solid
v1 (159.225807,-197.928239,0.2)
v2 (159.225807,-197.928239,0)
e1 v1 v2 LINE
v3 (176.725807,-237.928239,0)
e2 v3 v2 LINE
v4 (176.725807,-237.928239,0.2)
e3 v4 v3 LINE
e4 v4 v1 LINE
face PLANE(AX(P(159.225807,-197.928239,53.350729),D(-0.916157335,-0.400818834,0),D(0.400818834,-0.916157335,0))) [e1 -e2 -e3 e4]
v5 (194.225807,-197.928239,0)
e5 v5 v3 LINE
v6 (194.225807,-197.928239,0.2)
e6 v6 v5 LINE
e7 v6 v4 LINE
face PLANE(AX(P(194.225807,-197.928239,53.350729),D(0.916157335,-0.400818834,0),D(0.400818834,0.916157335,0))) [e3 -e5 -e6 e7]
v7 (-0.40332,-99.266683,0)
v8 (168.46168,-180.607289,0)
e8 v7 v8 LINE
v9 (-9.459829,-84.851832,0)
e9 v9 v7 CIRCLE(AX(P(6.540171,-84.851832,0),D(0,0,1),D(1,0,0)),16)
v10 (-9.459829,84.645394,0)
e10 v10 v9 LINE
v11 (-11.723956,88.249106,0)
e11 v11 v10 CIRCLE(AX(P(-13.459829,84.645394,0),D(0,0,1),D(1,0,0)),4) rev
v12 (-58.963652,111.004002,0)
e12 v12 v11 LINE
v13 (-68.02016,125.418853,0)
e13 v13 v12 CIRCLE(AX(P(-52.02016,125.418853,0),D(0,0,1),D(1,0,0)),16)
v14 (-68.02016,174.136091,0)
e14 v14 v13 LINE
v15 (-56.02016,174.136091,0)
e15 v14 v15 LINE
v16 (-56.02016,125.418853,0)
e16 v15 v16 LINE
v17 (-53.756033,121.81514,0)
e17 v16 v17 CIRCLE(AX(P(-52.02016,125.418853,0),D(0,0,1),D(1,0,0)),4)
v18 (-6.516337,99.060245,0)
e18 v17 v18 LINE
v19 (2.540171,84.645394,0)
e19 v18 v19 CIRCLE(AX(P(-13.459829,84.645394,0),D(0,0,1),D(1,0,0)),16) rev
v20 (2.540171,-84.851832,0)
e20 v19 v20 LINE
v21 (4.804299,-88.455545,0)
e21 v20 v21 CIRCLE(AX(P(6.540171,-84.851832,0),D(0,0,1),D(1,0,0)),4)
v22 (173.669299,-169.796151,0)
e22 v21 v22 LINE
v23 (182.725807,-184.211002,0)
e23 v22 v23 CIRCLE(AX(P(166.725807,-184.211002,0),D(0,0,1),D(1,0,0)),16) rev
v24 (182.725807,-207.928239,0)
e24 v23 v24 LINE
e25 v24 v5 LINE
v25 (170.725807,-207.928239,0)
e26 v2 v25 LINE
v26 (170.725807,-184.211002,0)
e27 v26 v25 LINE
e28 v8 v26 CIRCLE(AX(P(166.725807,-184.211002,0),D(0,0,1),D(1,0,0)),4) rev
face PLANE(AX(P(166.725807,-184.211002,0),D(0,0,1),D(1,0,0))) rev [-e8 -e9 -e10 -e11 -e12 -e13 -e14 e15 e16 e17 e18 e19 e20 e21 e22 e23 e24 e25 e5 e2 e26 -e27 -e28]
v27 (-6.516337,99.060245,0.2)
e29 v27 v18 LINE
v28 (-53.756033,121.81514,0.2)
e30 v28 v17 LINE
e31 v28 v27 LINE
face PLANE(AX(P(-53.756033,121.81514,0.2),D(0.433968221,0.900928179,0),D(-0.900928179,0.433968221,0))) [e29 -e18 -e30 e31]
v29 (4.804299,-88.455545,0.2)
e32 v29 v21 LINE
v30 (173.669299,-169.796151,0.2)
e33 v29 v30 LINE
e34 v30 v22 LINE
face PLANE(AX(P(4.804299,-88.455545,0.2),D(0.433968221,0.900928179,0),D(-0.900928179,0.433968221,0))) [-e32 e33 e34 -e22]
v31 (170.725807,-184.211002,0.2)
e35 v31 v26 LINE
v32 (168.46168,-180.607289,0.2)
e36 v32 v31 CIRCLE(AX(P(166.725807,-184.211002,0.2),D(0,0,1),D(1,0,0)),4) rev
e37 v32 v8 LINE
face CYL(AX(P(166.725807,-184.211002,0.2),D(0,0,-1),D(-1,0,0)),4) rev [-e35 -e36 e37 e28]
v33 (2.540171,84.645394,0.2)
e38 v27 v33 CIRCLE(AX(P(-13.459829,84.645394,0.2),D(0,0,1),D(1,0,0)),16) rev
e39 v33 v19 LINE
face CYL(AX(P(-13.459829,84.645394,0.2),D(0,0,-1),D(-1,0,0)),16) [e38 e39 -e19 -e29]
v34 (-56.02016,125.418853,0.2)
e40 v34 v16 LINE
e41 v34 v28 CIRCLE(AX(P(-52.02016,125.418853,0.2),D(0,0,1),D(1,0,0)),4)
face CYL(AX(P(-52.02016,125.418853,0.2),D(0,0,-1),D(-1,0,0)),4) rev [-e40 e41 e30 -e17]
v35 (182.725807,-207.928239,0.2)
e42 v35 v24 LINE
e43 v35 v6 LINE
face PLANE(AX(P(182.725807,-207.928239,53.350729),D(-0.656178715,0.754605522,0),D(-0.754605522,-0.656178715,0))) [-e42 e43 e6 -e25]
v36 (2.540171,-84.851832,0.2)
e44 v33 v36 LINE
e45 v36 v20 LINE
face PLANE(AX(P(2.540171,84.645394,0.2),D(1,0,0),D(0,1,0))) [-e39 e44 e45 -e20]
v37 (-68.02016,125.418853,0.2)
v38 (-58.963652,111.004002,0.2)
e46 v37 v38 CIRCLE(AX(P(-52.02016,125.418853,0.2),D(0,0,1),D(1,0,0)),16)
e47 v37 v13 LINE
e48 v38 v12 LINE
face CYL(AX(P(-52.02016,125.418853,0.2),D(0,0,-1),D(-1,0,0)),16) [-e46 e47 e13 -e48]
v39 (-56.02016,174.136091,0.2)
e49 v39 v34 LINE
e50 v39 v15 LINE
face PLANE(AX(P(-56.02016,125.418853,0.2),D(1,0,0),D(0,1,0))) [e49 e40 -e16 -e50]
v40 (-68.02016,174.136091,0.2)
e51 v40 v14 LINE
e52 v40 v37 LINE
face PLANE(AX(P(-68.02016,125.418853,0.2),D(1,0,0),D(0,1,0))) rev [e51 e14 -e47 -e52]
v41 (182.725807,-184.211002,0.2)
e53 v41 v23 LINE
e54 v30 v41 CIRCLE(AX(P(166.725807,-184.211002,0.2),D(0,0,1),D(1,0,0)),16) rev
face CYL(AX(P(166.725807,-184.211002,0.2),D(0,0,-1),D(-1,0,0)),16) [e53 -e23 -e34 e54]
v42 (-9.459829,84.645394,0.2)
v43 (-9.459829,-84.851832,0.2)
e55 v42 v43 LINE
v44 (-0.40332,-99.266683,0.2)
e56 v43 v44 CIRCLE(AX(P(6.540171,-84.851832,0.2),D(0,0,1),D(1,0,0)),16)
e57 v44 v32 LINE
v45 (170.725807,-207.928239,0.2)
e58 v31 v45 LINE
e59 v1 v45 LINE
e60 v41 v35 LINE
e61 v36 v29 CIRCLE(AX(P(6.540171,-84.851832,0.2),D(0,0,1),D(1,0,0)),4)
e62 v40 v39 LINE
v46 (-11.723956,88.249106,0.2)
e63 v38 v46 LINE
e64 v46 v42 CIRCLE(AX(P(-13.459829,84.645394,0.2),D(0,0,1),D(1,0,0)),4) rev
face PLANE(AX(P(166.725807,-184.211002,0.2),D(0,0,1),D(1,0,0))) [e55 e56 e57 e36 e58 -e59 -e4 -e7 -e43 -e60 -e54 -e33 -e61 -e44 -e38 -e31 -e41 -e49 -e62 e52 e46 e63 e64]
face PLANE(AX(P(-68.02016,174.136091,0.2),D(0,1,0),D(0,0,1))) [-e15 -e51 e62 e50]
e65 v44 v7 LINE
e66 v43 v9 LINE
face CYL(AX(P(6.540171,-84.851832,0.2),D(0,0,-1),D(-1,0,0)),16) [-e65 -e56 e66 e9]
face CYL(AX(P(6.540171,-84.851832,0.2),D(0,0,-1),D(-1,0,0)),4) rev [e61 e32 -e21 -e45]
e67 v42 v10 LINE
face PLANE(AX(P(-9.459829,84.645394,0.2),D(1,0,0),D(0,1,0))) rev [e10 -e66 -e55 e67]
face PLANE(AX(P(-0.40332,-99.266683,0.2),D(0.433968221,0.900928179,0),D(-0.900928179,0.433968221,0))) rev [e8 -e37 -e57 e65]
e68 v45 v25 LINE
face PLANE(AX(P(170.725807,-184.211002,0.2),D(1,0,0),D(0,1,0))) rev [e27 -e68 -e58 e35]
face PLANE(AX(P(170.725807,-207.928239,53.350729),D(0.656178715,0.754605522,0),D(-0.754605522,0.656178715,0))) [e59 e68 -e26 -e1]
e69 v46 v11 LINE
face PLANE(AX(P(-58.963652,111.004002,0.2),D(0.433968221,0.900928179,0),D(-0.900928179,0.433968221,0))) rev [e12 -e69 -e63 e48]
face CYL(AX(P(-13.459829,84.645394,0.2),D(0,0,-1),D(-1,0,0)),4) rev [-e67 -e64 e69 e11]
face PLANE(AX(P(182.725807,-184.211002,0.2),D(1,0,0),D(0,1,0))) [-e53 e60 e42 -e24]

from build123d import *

# Parameters (mm, degrees)
EXTRU_MINCE1_DEPTH = 0.2
EXTRUSION1_DEPTH   = 0.2


with BuildPart() as part:
    # Esquisse2 → Extru.-Mince1 (new body)
    with BuildSketch(Plane.XY):
        with BuildLine():
            Line((-68.020160179, 174.136090676), (-68.020160179, 125.41885319))
            ThreePointArc((-68.020160179, 125.41885319), (-65.568146462, 116.906975155), (-58.963651719, 111.004002333))
            Line((-58.963651719, 111.004002333), (-11.723955687, 88.249106497))
            ThreePointArc((-11.723955686, 88.249106497), (-10.072832001, 86.773363292), (-9.459828571, 84.645393783))
            Line((-9.459828571, 84.645393783), (-9.459828571, -84.851832415))
            ThreePointArc((-9.459828571, -84.851832415), (-7.007814854, -93.36371045), (-0.403320111, -99.266683272))
            Line((-0.403320111, -99.266683272), (168.46168003, -180.607288974))
            ThreePointArc((168.46168003, -180.607288974), (170.112803715, -182.083032179), (170.725807145, -184.211001688))
            Line((170.725807145, -184.211001688), (170.725807145, -207.928239175))
            Line((170.725807145, -207.928239175), (182.725807145, -207.928239175))
            Line((182.725807145, -207.928239175), (182.725807145, -184.211001688))
            ThreePointArc((182.725807145, -184.211001688), (180.273793427, -175.699123653), (173.669298684, -169.796150831))
            Line((173.669298684, -169.796150831), (4.804298544, -88.455545129))
            ThreePointArc((4.804298544, -88.455545129), (3.153174858, -86.979801923), (2.540171429, -84.851832415))
            Line((2.540171429, -84.851832415), (2.540171429, 84.645393783))
            ThreePointArc((2.540171429, 84.645393783), (0.088157711, 93.157271818), (-6.516337032, 99.06024464))
            Line((-6.516337032, 99.06024464), (-53.756033064, 121.815140475))
            ThreePointArc((-53.756033064, 121.815140475), (-55.40715675, 123.290883681), (-56.020160179, 125.41885319))
            Line((-56.020160179, 125.41885319), (-56.020160179, 174.136090676))
            Line((-56.020160179, 174.136090676), (-68.020160179, 174.136090676))
        make_face()
    extrude(amount=EXTRU_MINCE1_DEPTH)

    # Esquisse3 → Extrusion1 (add)
    with BuildSketch(Plane(origin=(0, 0, 0), x_dir=(-1, 0, 0), z_dir=(0, 0, -1))):
        Polygon((-182.725807145, -207.928239175), (-194.225807145, -197.928239175), (-176.725807145, -237.928239175), (-159.225807145, -197.928239175), (-170.725807145, -207.928239175), align=None)
    extrude(amount=-EXTRUSION1_DEPTH)


solid = part.part
